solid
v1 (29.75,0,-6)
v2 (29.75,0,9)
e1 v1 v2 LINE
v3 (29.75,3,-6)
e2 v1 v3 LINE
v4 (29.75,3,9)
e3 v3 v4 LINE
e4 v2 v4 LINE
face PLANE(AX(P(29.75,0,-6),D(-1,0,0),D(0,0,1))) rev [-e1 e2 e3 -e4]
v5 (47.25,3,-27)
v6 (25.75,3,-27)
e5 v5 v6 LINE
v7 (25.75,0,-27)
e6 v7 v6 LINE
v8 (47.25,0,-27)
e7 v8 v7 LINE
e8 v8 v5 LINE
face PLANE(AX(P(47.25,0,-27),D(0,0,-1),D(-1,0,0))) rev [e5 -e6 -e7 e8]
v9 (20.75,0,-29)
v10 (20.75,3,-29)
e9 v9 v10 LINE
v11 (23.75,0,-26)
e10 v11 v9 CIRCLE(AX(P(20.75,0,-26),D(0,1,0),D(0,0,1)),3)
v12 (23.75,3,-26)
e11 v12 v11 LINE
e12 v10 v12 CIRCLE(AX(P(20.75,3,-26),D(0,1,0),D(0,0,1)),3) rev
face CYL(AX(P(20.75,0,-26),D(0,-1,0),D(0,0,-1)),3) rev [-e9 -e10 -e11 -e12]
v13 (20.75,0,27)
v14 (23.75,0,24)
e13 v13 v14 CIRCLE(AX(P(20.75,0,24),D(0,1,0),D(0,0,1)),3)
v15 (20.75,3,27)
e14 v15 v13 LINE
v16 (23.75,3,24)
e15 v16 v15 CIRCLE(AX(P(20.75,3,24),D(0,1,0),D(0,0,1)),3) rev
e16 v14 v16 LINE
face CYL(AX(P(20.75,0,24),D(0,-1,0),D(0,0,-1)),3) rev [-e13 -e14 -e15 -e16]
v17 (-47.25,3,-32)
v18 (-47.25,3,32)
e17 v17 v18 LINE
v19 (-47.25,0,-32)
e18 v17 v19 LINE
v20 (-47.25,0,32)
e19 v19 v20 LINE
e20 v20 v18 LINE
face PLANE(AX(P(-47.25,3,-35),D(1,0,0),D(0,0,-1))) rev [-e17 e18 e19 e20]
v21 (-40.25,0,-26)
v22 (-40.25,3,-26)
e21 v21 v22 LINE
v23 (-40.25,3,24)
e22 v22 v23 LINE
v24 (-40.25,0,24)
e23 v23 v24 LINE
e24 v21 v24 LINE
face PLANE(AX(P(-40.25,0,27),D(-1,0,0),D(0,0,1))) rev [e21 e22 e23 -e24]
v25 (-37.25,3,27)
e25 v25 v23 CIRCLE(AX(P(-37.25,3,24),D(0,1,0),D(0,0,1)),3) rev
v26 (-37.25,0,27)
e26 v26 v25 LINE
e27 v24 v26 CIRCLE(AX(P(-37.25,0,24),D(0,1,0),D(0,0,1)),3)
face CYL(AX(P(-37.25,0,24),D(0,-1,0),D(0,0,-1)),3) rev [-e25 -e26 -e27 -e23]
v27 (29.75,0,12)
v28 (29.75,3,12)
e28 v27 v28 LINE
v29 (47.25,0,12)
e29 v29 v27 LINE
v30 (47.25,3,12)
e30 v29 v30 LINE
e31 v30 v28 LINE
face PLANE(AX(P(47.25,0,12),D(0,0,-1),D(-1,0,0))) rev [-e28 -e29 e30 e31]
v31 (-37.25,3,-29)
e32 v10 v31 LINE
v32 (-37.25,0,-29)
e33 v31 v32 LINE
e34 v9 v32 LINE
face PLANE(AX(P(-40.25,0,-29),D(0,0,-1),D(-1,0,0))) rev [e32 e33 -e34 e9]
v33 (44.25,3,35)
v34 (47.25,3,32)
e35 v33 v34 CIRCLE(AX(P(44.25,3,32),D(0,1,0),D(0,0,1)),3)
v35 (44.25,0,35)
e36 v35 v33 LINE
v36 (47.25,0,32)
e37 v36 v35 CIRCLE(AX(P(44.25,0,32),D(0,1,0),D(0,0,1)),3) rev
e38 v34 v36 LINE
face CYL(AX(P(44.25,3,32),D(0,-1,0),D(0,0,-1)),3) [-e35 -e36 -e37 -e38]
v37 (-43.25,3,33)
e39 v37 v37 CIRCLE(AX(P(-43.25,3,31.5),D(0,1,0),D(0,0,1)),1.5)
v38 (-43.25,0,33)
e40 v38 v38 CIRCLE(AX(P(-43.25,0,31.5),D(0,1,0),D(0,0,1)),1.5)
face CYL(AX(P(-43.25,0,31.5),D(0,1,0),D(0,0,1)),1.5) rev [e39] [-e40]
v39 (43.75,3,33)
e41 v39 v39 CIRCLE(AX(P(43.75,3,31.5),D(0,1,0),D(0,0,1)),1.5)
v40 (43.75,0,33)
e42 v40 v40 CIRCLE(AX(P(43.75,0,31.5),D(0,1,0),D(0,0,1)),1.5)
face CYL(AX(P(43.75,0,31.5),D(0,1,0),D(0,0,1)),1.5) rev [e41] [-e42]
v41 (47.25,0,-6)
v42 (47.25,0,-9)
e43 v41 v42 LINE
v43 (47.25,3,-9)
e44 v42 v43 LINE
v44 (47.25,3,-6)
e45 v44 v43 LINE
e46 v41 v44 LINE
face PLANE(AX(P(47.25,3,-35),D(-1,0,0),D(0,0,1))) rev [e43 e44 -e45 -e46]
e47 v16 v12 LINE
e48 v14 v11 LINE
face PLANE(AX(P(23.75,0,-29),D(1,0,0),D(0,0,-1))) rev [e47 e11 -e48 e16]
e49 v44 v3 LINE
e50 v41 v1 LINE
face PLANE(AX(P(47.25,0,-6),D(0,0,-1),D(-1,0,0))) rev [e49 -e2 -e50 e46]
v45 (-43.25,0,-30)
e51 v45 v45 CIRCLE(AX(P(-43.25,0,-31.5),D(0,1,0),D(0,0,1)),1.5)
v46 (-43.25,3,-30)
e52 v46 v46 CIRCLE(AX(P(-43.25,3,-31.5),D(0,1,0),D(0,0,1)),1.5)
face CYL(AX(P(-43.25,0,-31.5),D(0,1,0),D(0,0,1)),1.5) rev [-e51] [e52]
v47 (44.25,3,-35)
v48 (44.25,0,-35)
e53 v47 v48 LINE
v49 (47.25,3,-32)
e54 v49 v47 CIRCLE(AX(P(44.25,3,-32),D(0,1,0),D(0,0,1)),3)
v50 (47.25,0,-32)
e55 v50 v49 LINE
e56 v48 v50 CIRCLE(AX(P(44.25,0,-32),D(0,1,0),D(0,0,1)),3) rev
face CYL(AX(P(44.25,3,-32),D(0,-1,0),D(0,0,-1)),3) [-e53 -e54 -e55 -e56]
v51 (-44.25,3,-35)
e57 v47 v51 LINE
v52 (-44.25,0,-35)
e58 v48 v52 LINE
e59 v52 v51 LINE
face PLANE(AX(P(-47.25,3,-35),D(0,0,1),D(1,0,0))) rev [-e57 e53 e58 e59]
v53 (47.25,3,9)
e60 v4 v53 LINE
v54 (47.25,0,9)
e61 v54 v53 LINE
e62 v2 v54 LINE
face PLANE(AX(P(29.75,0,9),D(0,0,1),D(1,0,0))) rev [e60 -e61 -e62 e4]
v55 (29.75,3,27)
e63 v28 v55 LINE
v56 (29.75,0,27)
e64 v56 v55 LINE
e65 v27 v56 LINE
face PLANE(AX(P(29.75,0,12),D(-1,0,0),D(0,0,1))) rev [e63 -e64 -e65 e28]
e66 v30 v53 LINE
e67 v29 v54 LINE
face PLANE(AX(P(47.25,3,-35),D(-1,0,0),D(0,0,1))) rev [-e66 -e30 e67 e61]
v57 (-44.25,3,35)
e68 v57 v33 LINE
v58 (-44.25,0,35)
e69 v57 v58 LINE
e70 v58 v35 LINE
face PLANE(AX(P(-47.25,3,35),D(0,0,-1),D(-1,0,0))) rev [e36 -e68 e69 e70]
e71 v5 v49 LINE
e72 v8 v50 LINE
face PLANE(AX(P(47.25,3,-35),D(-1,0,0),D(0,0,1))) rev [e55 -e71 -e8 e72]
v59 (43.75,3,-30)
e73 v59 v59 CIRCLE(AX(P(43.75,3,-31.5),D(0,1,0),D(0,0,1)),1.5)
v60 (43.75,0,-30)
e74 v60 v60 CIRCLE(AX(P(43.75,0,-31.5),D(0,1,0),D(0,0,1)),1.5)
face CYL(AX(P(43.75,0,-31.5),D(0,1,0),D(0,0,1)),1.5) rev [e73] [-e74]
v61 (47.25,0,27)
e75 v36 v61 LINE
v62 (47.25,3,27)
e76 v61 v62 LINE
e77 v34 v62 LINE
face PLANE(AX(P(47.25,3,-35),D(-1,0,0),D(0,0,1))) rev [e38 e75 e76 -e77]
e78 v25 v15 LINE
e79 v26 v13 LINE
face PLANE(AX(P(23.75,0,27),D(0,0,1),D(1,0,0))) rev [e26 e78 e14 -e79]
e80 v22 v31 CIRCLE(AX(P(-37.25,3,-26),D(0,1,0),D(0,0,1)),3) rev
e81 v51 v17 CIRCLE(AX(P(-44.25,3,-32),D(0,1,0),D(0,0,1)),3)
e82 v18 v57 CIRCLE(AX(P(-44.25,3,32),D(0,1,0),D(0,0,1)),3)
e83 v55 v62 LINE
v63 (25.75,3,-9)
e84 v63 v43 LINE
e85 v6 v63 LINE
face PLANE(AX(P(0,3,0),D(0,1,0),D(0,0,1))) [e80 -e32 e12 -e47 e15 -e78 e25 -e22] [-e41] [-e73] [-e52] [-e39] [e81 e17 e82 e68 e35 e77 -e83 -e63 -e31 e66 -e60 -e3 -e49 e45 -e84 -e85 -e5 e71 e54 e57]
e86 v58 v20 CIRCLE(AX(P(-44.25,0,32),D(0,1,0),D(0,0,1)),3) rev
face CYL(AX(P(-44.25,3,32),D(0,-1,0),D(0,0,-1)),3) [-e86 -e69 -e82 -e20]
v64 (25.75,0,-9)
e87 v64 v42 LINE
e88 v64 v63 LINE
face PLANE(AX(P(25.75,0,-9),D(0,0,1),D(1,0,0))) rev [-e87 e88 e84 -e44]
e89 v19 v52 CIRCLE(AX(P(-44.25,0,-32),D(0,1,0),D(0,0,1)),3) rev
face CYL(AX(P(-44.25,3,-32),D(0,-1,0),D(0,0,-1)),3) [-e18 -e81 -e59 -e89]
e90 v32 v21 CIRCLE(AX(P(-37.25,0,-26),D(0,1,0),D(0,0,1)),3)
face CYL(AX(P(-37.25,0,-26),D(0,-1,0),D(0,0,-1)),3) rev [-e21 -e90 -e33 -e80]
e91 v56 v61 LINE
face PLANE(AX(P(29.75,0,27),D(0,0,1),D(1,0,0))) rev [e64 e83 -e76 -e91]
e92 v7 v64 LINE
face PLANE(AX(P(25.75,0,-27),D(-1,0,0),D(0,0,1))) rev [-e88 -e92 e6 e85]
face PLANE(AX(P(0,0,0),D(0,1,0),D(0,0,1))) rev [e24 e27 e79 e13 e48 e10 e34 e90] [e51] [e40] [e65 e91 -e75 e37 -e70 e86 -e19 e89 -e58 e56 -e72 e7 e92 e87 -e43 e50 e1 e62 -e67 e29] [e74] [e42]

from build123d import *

# Parameters (mm, degrees)
SKETCH1_W           = 94.5
SKETCH1_H           = 70
BOSS_EXTRUDE1_DEPTH = 3
SKETCH3_R           = 1.5
CUT_EXTRUDE2_DEPTH  = 59.877521177
FILLET2_R           = 3
SKETCH5_W           = 64
SKETCH5_H           = 56
SKETCH5_W_2         = 21.5
SKETCH5_H_2         = 18
SKETCH5_W_3         = 17.5
SKETCH5_H_3         = 15
CUT_EXTRUDE3_DEPTH  = 59.877521177
FILLET3_R           = 3


with BuildPart() as part:
    # Sketch1 → Boss-Extrude1 (new body)
    with BuildSketch(Plane(origin=(0, 0, 0), x_dir=(1, 0, 0), z_dir=(0, 1, 0))):
        Rectangle(SKETCH1_W, SKETCH1_H)
    extrude(amount=BOSS_EXTRUDE1_DEPTH)

    # Sketch3 → Cut-Extrude2 (cut, through all)
    with BuildSketch(Plane(origin=(0, 3, 0), x_dir=(1, 0, 0), z_dir=(0, 1, 0))):
        with Locations(Location((43.75, 31.5, 0), (0, 0, 270))):
            Circle(SKETCH3_R)
        with Locations(Location((-43.25, 31.5, 0), (0, 0, 270))):
            Circle(SKETCH3_R)
        with Locations(Location((-43.25, -31.5, 0), (0, 0, 270))):
            Circle(SKETCH3_R)
        with Locations(Location((43.75, -31.5, 0), (0, 0, 270))):
            Circle(SKETCH3_R)
    extrude(amount=-CUT_EXTRUDE2_DEPTH, mode=Mode.SUBTRACT)

    # Fillet2
    fillet2_edges = [part.edges().sort_by_distance(p)[0] for p in [
        (47.25, 1.5, 35),
        (-47.25, 1.5, 35),
        (-47.25, 1.5, -35),
        (47.25, 1.5, -35),
    ]]
    fillet(fillet2_edges, radius=FILLET2_R)

    # Sketch5 → Cut-Extrude3 (cut, through all)
    with BuildSketch(Plane(origin=(0, 3, 0), x_dir=(1, 0, 0), z_dir=(0, 1, 0))):
        with Locations((-8.25, 1)):
            Rectangle(SKETCH5_W, SKETCH5_H)
        with Locations((36.5, 18)):
            Rectangle(SKETCH5_W_2, SKETCH5_H_2)
        with Locations((38.5, -1.5)):
            Rectangle(SKETCH5_W_3, SKETCH5_H_3)
        with Locations((38.5, -19.5)):
            Rectangle(SKETCH5_W_3, SKETCH5_H_3)
    extrude(amount=-CUT_EXTRUDE3_DEPTH, mode=Mode.SUBTRACT)

    # Fillet3
    fillet3_edges = [part.edges().sort_by_distance(p)[0] for p in [
        (-40.25, 1.5, 27),
        (-40.25, 1.5, -29),
        (23.75, 1.5, -29),
        (23.75, 1.5, 27),
    ]]
    fillet(fillet3_edges, radius=FILLET3_R)


solid = part.part
